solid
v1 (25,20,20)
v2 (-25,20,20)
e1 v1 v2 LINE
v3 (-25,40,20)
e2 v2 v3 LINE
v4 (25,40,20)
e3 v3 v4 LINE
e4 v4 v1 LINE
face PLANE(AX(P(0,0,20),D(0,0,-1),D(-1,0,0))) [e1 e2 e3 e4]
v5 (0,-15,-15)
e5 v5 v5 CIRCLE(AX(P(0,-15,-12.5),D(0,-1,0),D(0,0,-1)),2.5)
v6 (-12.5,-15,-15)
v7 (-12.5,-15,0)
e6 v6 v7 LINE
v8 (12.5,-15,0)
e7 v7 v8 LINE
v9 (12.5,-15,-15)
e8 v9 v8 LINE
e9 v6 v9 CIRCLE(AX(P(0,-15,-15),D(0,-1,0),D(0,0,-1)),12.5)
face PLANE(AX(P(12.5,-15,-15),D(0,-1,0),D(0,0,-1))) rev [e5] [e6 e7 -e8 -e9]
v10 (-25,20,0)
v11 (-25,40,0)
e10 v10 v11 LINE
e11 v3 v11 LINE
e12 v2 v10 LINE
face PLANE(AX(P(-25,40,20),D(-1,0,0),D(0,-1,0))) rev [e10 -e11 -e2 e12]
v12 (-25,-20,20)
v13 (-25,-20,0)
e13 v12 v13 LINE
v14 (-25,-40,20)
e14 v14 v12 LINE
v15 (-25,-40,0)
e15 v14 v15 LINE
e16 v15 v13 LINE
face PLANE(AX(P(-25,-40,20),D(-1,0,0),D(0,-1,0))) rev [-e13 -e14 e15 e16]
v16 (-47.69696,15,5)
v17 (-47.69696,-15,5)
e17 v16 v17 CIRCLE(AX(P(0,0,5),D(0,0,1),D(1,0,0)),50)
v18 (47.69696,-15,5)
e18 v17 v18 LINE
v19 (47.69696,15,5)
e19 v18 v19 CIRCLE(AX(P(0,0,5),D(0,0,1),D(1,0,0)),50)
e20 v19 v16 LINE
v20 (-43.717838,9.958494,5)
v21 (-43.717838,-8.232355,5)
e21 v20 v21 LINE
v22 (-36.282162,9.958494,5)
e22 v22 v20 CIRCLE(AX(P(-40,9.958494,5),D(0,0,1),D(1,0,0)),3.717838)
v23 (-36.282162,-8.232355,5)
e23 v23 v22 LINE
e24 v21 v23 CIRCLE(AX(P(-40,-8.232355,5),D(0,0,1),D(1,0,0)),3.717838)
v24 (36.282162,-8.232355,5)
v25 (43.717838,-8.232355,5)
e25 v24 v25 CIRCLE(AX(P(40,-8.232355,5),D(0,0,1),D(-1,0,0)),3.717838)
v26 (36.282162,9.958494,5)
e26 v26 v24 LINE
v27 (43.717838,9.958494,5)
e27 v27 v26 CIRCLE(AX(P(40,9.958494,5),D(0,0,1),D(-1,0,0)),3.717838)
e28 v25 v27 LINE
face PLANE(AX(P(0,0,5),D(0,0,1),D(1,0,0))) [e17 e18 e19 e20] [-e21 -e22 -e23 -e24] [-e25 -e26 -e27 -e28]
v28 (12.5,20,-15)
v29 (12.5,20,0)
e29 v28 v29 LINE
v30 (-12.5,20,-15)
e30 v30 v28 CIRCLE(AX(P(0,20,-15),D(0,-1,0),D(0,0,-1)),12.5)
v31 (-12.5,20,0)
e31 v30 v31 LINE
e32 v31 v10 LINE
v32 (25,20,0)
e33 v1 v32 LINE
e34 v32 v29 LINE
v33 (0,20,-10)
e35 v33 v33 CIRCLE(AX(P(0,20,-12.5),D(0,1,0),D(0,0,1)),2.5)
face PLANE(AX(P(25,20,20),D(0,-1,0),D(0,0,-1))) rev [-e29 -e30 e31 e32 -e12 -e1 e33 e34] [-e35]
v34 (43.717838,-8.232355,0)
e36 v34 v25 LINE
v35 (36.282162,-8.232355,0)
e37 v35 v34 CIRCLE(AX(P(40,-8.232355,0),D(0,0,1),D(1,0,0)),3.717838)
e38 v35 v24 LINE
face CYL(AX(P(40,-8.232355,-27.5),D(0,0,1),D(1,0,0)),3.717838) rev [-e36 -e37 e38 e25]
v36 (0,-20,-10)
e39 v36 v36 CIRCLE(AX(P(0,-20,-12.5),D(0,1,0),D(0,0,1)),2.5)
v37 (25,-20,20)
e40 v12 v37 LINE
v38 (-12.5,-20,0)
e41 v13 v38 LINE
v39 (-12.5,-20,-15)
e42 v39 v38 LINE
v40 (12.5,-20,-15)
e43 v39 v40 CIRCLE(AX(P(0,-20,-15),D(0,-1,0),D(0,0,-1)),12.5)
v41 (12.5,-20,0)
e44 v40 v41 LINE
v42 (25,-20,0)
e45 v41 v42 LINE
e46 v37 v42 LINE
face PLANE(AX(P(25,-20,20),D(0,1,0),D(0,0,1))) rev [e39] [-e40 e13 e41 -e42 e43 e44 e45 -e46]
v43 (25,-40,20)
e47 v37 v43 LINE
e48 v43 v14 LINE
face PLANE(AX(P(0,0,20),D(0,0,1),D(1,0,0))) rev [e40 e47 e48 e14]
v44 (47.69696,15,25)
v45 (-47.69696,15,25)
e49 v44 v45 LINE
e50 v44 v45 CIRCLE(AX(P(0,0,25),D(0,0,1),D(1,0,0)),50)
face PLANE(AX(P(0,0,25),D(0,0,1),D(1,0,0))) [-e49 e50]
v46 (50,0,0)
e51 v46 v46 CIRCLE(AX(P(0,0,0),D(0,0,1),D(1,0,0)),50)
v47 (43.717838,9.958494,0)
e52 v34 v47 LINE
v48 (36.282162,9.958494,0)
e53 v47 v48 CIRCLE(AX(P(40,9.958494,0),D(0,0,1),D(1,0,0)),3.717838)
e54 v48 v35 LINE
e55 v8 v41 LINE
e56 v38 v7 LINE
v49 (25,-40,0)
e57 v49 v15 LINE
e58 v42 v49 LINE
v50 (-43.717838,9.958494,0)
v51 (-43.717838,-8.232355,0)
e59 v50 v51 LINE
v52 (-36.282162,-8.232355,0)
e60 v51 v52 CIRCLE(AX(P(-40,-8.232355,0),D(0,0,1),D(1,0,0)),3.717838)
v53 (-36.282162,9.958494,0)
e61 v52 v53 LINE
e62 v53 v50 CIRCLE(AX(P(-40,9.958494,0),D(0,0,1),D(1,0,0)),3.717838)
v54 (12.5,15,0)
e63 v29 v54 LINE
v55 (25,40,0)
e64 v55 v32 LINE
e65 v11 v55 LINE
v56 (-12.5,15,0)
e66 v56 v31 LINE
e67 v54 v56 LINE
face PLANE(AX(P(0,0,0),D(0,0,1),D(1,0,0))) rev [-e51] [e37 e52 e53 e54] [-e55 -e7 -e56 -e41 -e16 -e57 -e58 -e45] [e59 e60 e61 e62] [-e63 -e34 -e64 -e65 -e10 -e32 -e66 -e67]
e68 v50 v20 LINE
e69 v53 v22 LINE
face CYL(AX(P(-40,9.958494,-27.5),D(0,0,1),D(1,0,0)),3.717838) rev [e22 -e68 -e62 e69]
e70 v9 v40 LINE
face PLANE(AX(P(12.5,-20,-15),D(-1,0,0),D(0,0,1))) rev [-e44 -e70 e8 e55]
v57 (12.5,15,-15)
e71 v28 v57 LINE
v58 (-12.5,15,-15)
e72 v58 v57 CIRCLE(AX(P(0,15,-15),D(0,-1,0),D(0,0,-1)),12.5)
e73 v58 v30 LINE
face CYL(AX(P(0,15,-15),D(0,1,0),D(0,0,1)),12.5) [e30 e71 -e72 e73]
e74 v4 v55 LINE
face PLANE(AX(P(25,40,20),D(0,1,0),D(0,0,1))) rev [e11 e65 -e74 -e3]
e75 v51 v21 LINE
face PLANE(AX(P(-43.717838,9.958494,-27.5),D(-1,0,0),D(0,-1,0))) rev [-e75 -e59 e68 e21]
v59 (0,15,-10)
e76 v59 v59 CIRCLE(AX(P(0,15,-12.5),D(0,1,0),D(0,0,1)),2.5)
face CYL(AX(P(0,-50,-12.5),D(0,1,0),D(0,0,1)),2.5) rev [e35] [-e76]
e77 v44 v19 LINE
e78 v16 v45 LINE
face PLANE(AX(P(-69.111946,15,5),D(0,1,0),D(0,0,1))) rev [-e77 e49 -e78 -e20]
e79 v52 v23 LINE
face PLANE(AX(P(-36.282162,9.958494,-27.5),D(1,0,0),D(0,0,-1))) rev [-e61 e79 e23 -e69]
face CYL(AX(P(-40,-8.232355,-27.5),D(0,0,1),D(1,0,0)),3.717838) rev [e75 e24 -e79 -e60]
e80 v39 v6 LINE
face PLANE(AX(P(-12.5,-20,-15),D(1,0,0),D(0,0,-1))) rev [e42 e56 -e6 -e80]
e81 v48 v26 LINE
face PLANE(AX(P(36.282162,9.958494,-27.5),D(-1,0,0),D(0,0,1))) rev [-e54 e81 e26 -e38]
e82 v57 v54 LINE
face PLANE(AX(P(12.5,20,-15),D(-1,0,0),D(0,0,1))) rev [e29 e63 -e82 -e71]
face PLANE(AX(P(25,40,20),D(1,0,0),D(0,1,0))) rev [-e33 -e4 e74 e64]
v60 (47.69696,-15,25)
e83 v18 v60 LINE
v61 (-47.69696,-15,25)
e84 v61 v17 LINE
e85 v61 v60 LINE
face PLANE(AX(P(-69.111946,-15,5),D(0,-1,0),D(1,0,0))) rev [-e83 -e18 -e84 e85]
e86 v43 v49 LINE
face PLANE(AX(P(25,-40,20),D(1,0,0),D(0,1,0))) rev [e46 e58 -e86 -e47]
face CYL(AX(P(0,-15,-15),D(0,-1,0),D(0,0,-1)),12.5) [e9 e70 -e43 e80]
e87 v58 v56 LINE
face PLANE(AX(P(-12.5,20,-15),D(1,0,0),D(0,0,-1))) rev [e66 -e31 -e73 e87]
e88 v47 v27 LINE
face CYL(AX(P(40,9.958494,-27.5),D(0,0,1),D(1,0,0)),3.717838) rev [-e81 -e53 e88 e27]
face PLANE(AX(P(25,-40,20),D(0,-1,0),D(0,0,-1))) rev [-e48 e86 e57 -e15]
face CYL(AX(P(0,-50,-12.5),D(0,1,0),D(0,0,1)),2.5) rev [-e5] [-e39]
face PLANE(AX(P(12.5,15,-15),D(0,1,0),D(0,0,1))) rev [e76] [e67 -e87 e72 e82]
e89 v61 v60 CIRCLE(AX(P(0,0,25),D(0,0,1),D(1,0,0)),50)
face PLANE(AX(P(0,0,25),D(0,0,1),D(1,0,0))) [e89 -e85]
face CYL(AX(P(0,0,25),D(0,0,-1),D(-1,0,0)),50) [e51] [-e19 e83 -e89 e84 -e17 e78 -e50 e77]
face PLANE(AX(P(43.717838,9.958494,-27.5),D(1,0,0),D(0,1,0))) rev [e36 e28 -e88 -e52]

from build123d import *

# Parameters (mm, degrees)
SKETCH_1_R          = 50
EXTRUDE_1_DEPTH     = 25
SKETCH_3_W          = 50
SKETCH_3_H          = 20
CUT_EXTRUDE_1_DEPTH = 20
SKETCH_6_W          = 25
SKETCH_6_H          = 5
EXTRUDE_2_DEPTH     = 15
EXTRUDE_3_DEPTH     = 5
SKETCH_7_R          = 2.5
CUT_EXTRUDE_2_DEPTH = 91.311959341
SKETCH_9_W          = 137.55999238
SKETCH_9_H          = 30
CUT_EXTRUDE_3_DEPTH = 20
CUT_EXTRUDE_4_DEPTH = 78.821912081


with BuildPart() as part:
    # 草圖1 → 填料-伸長1 (new body)
    with BuildSketch(Plane.XY):
        Circle(SKETCH_1_R)
    extrude(amount=EXTRUDE_1_DEPTH)

    # 草圖3 → 除料-伸長1 (cut)
    with BuildSketch(Plane(origin=(0, 0, 0), x_dir=(-1, 0, 0), z_dir=(0, 0, -1))):
        with Locations((0, 30)):
            Rectangle(SKETCH_3_W, SKETCH_3_H)
        with Locations((0, -30)):
            Rectangle(SKETCH_3_W, SKETCH_3_H)
    extrude(amount=-CUT_EXTRUDE_1_DEPTH, mode=Mode.SUBTRACT)

    # 草圖6 → 填料-伸長2 (add)
    with BuildSketch(Plane(origin=(0, 0, 0), x_dir=(-1, 0, 0), z_dir=(0, 0, -1))):
        with Locations((0, 17.5)):
            Rectangle(SKETCH_6_W, SKETCH_6_H)
        with Locations((0, -17.5)):
            Rectangle(SKETCH_6_W, SKETCH_6_H)
    extrude(amount=EXTRUDE_2_DEPTH)

    # 草圖8 → 填料-伸長3 (add)
    with BuildSketch(Plane.XZ.offset(20)):
        with BuildLine():
            Line((-12.5, -15), (12.5, -15))
            ThreePointArc((12.5, -15), (0, -27.5), (-12.5, -15))
        make_face()
    extrude_3 = extrude(amount=-EXTRUDE_3_DEPTH)

    # 鏡射1: 填料-伸長3 across plane
    add(extrude_3.mirror(Plane.ZX))

    # 草圖7 → 除料-伸長2 (cut, through all)
    with BuildSketch(Plane(origin=(0, 20, 0), x_dir=(1, 0, 0), z_dir=(0, 1, 0))):
        with Locations(Location((0, 12.5, 0), (0, 0, 270))):
            Circle(SKETCH_7_R)
    extrude(amount=-CUT_EXTRUDE_2_DEPTH, mode=Mode.SUBTRACT)

    # 草圖9 → 除料-伸長3 (cut)
    with BuildSketch(Plane.XY.offset(25)):
        with Locations((-0.331949789, 0)):
            Rectangle(SKETCH_9_W, SKETCH_9_H)
    extrude(amount=-CUT_EXTRUDE_3_DEPTH, mode=Mode.SUBTRACT)

    # 草圖10 → 除料-伸長4 (cut, through all)
    with BuildSketch(Plane.XY.offset(5)):
        with BuildLine():
            Line((-36.282162368, 9.958493657), (-36.282162368, -8.232354756))
            ThreePointArc((-36.282162368, -8.232354756), (-40, -11.950192388), (-43.717837632, -8.232354756))
            Line((-43.717837632, -8.232354756), (-43.717837632, 9.958493657))
            ThreePointArc((-43.717837632, 9.958493657), (-40, 13.676331289), (-36.282162368, 9.958493657))
        make_face()
        with BuildLine():
            Line((36.282162368, 9.958493657), (36.282162368, -8.232354756))
            ThreePointArc((36.282162368, -8.232354756), (40, -11.950192388), (43.717837632, -8.232354756))
            Line((43.717837632, -8.232354756), (43.717837632, 9.958493657))
            ThreePointArc((43.717837632, 9.958493657), (40, 13.676331289), (36.282162368, 9.958493657))
        make_face()
    extrude(amount=-CUT_EXTRUDE_4_DEPTH, mode=Mode.SUBTRACT)


solid = part.part
